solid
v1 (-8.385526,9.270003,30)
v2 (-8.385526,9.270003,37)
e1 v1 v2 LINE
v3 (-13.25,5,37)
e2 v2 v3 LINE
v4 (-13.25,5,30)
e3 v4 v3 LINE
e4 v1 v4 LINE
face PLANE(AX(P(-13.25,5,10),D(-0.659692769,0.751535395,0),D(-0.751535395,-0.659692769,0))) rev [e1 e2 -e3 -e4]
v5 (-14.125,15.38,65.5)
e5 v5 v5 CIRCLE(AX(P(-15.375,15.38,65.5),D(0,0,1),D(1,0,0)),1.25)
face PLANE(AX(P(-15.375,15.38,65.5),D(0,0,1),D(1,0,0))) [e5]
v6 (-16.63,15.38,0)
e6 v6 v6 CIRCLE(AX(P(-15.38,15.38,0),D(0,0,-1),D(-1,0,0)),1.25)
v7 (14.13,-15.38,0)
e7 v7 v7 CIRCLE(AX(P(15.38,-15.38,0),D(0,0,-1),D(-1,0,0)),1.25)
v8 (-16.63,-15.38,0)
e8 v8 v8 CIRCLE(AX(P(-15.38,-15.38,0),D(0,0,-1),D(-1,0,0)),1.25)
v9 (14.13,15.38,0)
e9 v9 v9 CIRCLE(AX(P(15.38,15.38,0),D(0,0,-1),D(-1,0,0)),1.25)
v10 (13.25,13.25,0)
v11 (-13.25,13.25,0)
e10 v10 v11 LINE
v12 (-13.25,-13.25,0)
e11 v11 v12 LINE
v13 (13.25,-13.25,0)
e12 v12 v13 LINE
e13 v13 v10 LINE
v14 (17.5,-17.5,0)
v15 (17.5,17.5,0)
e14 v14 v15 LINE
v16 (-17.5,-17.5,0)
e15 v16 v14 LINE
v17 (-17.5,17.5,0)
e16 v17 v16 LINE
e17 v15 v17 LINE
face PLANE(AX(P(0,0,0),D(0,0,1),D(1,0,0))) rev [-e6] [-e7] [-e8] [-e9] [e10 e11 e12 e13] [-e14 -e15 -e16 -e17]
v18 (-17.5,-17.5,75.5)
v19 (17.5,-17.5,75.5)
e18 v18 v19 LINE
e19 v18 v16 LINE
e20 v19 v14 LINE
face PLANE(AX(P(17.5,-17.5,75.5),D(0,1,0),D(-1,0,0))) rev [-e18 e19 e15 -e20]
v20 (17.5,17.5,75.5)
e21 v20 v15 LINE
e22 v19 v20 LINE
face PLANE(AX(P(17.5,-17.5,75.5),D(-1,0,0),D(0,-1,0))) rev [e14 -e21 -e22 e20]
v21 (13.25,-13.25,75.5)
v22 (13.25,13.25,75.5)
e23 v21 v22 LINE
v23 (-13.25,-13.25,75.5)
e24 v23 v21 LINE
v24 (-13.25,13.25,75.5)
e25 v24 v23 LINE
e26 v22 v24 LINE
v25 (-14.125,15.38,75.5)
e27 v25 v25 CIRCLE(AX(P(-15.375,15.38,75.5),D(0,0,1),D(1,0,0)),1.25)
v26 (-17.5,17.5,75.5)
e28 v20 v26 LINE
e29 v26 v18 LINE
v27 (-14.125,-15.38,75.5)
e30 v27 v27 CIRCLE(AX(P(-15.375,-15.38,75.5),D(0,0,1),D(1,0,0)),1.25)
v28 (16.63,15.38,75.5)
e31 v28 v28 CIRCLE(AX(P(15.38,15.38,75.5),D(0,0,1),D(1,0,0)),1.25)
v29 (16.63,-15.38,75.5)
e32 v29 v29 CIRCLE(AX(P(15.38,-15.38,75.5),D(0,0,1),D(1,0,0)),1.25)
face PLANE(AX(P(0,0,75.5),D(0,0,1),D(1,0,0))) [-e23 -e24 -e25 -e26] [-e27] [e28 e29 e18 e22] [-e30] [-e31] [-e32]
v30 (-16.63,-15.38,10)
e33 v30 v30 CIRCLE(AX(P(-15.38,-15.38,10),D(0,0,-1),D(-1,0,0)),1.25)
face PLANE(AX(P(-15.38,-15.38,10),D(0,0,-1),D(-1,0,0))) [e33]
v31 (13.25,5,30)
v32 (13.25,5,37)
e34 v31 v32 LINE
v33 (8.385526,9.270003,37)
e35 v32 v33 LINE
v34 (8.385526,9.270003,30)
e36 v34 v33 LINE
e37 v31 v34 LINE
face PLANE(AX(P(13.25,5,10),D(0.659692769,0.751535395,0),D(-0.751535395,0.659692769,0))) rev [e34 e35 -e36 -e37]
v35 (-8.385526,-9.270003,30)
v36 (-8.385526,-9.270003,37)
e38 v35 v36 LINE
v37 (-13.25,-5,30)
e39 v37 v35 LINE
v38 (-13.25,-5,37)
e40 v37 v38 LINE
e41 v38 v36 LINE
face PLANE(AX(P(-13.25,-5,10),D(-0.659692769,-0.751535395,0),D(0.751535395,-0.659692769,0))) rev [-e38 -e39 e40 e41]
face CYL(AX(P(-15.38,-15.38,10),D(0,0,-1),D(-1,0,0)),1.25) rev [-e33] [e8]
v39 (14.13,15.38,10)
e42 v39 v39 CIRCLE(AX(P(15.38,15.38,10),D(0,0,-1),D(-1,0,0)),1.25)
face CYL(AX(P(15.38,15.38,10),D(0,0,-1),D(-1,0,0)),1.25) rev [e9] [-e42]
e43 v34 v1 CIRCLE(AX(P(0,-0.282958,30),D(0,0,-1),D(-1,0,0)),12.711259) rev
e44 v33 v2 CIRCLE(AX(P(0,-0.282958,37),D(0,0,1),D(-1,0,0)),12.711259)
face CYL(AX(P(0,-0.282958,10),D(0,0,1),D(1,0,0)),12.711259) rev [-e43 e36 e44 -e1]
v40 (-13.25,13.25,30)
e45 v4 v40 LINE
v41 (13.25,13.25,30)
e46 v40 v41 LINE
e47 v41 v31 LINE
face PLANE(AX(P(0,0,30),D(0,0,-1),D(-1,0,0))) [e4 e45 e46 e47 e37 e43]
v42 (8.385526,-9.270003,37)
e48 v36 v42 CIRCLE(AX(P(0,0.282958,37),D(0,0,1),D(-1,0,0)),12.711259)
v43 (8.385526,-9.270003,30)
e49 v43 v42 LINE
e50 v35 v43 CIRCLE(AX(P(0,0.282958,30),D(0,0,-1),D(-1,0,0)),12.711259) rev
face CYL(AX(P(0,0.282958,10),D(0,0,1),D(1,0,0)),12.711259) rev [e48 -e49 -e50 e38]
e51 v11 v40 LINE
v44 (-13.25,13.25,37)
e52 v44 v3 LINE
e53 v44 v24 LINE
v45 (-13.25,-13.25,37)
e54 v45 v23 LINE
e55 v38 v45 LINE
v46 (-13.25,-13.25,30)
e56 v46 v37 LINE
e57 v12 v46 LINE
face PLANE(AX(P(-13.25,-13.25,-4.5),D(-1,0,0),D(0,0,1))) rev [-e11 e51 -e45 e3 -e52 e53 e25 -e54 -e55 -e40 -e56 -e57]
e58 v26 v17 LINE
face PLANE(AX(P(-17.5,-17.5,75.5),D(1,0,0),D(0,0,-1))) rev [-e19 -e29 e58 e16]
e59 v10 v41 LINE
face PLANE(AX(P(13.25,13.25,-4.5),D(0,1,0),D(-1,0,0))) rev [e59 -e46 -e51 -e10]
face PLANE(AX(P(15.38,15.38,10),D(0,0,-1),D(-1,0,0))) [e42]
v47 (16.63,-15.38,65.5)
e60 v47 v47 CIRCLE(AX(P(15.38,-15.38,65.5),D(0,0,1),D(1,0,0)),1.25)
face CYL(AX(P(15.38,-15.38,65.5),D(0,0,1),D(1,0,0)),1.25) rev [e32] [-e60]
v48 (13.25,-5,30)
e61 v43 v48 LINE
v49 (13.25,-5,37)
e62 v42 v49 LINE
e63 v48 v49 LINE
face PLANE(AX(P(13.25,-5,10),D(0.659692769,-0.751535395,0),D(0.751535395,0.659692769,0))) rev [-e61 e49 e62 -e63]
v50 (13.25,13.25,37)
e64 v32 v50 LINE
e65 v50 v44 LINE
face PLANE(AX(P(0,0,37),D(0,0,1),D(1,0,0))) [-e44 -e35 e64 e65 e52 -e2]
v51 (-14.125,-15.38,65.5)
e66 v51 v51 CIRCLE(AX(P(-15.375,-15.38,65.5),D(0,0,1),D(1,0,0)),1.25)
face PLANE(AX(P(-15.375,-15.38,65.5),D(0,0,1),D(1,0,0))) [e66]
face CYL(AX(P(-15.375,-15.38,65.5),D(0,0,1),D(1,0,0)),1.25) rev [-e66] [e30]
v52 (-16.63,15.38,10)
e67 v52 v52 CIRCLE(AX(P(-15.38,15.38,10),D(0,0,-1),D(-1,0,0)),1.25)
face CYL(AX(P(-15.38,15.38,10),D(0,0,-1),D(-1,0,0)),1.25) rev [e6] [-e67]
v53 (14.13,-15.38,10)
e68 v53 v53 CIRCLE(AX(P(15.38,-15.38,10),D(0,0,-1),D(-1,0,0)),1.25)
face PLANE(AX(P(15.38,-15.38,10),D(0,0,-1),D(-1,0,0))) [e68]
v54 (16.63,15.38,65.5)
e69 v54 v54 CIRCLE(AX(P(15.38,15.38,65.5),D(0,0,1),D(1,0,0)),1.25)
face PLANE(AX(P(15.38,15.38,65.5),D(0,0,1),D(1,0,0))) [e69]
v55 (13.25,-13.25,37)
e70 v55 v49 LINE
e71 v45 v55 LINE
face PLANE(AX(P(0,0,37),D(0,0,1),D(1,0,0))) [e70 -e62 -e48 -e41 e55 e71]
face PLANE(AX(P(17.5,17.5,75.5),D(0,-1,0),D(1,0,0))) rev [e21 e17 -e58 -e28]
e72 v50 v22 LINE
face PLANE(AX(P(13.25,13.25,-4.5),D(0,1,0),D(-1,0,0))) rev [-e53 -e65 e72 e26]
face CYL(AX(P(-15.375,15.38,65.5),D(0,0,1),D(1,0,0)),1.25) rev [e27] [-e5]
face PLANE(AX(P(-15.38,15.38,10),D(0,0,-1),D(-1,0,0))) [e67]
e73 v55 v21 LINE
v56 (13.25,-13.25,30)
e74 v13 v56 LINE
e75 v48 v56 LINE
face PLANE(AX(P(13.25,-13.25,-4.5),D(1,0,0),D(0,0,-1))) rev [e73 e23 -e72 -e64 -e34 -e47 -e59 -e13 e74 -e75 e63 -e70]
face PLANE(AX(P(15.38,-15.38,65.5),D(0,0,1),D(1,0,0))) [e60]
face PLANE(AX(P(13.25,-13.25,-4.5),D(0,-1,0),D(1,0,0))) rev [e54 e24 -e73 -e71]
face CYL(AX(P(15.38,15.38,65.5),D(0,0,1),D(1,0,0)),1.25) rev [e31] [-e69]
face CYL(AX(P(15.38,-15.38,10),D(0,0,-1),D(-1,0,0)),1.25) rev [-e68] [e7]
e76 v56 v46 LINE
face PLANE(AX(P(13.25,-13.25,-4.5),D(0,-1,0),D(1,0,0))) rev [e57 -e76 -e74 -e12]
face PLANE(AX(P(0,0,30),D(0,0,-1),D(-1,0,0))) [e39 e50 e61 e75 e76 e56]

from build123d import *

# Parameters (mm, degrees)
CROQUIS1_W              = 35
CROQUIS1_H              = 35
SALIENTE_EXTRUIR2_DEPTH = 75.5
CROQUIS2_W              = 26.5
CROQUIS2_H              = 26.5
CORTAR_EXTRUIR1_DEPTH   = 80
CROQUIS4_R              = 1.25
CORTAR_EXTRUIR2_DEPTH   = 10
CROQUIS6_W              = 26.5
CROQUIS6_H              = 26.5
SALIENTE_EXTRUIR3_DEPTH = 30
CORTAR_EXTRUIR3_DEPTH   = 27
CROQUIS8_W              = 26.5
CROQUIS8_H              = 26.5
CORTAR_EXTRUIR4_DEPTH   = 23
CORTAR_EXTRUIR5_START   = -10
CROQUIS9_R              = 1.25
CORTAR_EXTRUIR5_DEPTH   = 10


with BuildPart() as part:
    # Croquis1 → Saliente-Extruir2 (new body)
    with BuildSketch(Plane.XY):
        Rectangle(CROQUIS1_W, CROQUIS1_H)
    extrude(amount=SALIENTE_EXTRUIR2_DEPTH)

    # Croquis2 → Cortar-Extruir1 (cut)
    with BuildSketch(Plane.XY.offset(75.5)):
        Rectangle(CROQUIS2_W, CROQUIS2_H)
    extrude(amount=-CORTAR_EXTRUIR1_DEPTH, mode=Mode.SUBTRACT)

    # Croquis4 → Cortar-Extruir2 (cut)
    with BuildSketch(Plane.XY.offset(75.5)):
        with Locations((-15.375, 15.38)):
            Circle(CROQUIS4_R)
        with Locations((15.38, 15.38)):
            Circle(CROQUIS4_R)
        with Locations((15.38, -15.38)):
            Circle(CROQUIS4_R)
        with Locations((-15.375, -15.38)):
            Circle(CROQUIS4_R)
    extrude(amount=-CORTAR_EXTRUIR2_DEPTH, mode=Mode.SUBTRACT)

    # Croquis6 → Saliente-Extruir3 (add)
    with BuildSketch(Plane.XY.offset(7)):
        Rectangle(CROQUIS6_W, CROQUIS6_H)
    extrude(amount=SALIENTE_EXTRUIR3_DEPTH)

    # Croquis7 → Cortar-Extruir3 (cut)
    with BuildSketch(Plane.XY.offset(37)):
        with BuildLine():
            Line((13.25, -5), (13.25, 5))
            Line((13.25, 5), (8.385525636, 9.270003226))
            ThreePointArc((8.385525636, 9.270003226), (0, 12.428301163), (-8.385525636, 9.270003226))
            Line((-8.385525636, 9.270003226), (-13.25, 5))
            Line((-13.25, 5), (-13.25, -5))
            Line((-13.25, -5), (-8.385525636, -9.270003226))
            ThreePointArc((-8.385525636, -9.270003226), (0, -12.428301163), (8.385525636, -9.270003226))
            Line((8.385525636, -9.270003226), (13.25, -5))
        make_face()
    extrude(amount=-CORTAR_EXTRUIR3_DEPTH, mode=Mode.SUBTRACT)

    # Croquis8 → Cortar-Extruir4 (cut)
    with BuildSketch(Plane(origin=(0, 0, 7), x_dir=(-1, 0, 0), z_dir=(0, 0, -1))):
        Rectangle(CROQUIS8_W, CROQUIS8_H)
    extrude(amount=-CORTAR_EXTRUIR4_DEPTH, mode=Mode.SUBTRACT)

    # Croquis9 → Cortar-Extruir5 (cut)
    with BuildSketch(Plane(origin=(0, 0, 0), x_dir=(-1, 0, 0), z_dir=(0, 0, -1)).offset(CORTAR_EXTRUIR5_START)):
        with Locations(Location((-15.38, 15.38, 0), (0, 0, 180))):
            Circle(CROQUIS9_R)
        with Locations((15.38, 15.38)):
            Circle(CROQUIS9_R)
        with Locations((15.38, -15.38)):
            Circle(CROQUIS9_R)
        with Locations(Location((-15.38, -15.38, 0), (0, 0, 180))):
            Circle(CROQUIS9_R)
    extrude(amount=CORTAR_EXTRUIR5_DEPTH, mode=Mode.SUBTRACT)


solid = part.part
